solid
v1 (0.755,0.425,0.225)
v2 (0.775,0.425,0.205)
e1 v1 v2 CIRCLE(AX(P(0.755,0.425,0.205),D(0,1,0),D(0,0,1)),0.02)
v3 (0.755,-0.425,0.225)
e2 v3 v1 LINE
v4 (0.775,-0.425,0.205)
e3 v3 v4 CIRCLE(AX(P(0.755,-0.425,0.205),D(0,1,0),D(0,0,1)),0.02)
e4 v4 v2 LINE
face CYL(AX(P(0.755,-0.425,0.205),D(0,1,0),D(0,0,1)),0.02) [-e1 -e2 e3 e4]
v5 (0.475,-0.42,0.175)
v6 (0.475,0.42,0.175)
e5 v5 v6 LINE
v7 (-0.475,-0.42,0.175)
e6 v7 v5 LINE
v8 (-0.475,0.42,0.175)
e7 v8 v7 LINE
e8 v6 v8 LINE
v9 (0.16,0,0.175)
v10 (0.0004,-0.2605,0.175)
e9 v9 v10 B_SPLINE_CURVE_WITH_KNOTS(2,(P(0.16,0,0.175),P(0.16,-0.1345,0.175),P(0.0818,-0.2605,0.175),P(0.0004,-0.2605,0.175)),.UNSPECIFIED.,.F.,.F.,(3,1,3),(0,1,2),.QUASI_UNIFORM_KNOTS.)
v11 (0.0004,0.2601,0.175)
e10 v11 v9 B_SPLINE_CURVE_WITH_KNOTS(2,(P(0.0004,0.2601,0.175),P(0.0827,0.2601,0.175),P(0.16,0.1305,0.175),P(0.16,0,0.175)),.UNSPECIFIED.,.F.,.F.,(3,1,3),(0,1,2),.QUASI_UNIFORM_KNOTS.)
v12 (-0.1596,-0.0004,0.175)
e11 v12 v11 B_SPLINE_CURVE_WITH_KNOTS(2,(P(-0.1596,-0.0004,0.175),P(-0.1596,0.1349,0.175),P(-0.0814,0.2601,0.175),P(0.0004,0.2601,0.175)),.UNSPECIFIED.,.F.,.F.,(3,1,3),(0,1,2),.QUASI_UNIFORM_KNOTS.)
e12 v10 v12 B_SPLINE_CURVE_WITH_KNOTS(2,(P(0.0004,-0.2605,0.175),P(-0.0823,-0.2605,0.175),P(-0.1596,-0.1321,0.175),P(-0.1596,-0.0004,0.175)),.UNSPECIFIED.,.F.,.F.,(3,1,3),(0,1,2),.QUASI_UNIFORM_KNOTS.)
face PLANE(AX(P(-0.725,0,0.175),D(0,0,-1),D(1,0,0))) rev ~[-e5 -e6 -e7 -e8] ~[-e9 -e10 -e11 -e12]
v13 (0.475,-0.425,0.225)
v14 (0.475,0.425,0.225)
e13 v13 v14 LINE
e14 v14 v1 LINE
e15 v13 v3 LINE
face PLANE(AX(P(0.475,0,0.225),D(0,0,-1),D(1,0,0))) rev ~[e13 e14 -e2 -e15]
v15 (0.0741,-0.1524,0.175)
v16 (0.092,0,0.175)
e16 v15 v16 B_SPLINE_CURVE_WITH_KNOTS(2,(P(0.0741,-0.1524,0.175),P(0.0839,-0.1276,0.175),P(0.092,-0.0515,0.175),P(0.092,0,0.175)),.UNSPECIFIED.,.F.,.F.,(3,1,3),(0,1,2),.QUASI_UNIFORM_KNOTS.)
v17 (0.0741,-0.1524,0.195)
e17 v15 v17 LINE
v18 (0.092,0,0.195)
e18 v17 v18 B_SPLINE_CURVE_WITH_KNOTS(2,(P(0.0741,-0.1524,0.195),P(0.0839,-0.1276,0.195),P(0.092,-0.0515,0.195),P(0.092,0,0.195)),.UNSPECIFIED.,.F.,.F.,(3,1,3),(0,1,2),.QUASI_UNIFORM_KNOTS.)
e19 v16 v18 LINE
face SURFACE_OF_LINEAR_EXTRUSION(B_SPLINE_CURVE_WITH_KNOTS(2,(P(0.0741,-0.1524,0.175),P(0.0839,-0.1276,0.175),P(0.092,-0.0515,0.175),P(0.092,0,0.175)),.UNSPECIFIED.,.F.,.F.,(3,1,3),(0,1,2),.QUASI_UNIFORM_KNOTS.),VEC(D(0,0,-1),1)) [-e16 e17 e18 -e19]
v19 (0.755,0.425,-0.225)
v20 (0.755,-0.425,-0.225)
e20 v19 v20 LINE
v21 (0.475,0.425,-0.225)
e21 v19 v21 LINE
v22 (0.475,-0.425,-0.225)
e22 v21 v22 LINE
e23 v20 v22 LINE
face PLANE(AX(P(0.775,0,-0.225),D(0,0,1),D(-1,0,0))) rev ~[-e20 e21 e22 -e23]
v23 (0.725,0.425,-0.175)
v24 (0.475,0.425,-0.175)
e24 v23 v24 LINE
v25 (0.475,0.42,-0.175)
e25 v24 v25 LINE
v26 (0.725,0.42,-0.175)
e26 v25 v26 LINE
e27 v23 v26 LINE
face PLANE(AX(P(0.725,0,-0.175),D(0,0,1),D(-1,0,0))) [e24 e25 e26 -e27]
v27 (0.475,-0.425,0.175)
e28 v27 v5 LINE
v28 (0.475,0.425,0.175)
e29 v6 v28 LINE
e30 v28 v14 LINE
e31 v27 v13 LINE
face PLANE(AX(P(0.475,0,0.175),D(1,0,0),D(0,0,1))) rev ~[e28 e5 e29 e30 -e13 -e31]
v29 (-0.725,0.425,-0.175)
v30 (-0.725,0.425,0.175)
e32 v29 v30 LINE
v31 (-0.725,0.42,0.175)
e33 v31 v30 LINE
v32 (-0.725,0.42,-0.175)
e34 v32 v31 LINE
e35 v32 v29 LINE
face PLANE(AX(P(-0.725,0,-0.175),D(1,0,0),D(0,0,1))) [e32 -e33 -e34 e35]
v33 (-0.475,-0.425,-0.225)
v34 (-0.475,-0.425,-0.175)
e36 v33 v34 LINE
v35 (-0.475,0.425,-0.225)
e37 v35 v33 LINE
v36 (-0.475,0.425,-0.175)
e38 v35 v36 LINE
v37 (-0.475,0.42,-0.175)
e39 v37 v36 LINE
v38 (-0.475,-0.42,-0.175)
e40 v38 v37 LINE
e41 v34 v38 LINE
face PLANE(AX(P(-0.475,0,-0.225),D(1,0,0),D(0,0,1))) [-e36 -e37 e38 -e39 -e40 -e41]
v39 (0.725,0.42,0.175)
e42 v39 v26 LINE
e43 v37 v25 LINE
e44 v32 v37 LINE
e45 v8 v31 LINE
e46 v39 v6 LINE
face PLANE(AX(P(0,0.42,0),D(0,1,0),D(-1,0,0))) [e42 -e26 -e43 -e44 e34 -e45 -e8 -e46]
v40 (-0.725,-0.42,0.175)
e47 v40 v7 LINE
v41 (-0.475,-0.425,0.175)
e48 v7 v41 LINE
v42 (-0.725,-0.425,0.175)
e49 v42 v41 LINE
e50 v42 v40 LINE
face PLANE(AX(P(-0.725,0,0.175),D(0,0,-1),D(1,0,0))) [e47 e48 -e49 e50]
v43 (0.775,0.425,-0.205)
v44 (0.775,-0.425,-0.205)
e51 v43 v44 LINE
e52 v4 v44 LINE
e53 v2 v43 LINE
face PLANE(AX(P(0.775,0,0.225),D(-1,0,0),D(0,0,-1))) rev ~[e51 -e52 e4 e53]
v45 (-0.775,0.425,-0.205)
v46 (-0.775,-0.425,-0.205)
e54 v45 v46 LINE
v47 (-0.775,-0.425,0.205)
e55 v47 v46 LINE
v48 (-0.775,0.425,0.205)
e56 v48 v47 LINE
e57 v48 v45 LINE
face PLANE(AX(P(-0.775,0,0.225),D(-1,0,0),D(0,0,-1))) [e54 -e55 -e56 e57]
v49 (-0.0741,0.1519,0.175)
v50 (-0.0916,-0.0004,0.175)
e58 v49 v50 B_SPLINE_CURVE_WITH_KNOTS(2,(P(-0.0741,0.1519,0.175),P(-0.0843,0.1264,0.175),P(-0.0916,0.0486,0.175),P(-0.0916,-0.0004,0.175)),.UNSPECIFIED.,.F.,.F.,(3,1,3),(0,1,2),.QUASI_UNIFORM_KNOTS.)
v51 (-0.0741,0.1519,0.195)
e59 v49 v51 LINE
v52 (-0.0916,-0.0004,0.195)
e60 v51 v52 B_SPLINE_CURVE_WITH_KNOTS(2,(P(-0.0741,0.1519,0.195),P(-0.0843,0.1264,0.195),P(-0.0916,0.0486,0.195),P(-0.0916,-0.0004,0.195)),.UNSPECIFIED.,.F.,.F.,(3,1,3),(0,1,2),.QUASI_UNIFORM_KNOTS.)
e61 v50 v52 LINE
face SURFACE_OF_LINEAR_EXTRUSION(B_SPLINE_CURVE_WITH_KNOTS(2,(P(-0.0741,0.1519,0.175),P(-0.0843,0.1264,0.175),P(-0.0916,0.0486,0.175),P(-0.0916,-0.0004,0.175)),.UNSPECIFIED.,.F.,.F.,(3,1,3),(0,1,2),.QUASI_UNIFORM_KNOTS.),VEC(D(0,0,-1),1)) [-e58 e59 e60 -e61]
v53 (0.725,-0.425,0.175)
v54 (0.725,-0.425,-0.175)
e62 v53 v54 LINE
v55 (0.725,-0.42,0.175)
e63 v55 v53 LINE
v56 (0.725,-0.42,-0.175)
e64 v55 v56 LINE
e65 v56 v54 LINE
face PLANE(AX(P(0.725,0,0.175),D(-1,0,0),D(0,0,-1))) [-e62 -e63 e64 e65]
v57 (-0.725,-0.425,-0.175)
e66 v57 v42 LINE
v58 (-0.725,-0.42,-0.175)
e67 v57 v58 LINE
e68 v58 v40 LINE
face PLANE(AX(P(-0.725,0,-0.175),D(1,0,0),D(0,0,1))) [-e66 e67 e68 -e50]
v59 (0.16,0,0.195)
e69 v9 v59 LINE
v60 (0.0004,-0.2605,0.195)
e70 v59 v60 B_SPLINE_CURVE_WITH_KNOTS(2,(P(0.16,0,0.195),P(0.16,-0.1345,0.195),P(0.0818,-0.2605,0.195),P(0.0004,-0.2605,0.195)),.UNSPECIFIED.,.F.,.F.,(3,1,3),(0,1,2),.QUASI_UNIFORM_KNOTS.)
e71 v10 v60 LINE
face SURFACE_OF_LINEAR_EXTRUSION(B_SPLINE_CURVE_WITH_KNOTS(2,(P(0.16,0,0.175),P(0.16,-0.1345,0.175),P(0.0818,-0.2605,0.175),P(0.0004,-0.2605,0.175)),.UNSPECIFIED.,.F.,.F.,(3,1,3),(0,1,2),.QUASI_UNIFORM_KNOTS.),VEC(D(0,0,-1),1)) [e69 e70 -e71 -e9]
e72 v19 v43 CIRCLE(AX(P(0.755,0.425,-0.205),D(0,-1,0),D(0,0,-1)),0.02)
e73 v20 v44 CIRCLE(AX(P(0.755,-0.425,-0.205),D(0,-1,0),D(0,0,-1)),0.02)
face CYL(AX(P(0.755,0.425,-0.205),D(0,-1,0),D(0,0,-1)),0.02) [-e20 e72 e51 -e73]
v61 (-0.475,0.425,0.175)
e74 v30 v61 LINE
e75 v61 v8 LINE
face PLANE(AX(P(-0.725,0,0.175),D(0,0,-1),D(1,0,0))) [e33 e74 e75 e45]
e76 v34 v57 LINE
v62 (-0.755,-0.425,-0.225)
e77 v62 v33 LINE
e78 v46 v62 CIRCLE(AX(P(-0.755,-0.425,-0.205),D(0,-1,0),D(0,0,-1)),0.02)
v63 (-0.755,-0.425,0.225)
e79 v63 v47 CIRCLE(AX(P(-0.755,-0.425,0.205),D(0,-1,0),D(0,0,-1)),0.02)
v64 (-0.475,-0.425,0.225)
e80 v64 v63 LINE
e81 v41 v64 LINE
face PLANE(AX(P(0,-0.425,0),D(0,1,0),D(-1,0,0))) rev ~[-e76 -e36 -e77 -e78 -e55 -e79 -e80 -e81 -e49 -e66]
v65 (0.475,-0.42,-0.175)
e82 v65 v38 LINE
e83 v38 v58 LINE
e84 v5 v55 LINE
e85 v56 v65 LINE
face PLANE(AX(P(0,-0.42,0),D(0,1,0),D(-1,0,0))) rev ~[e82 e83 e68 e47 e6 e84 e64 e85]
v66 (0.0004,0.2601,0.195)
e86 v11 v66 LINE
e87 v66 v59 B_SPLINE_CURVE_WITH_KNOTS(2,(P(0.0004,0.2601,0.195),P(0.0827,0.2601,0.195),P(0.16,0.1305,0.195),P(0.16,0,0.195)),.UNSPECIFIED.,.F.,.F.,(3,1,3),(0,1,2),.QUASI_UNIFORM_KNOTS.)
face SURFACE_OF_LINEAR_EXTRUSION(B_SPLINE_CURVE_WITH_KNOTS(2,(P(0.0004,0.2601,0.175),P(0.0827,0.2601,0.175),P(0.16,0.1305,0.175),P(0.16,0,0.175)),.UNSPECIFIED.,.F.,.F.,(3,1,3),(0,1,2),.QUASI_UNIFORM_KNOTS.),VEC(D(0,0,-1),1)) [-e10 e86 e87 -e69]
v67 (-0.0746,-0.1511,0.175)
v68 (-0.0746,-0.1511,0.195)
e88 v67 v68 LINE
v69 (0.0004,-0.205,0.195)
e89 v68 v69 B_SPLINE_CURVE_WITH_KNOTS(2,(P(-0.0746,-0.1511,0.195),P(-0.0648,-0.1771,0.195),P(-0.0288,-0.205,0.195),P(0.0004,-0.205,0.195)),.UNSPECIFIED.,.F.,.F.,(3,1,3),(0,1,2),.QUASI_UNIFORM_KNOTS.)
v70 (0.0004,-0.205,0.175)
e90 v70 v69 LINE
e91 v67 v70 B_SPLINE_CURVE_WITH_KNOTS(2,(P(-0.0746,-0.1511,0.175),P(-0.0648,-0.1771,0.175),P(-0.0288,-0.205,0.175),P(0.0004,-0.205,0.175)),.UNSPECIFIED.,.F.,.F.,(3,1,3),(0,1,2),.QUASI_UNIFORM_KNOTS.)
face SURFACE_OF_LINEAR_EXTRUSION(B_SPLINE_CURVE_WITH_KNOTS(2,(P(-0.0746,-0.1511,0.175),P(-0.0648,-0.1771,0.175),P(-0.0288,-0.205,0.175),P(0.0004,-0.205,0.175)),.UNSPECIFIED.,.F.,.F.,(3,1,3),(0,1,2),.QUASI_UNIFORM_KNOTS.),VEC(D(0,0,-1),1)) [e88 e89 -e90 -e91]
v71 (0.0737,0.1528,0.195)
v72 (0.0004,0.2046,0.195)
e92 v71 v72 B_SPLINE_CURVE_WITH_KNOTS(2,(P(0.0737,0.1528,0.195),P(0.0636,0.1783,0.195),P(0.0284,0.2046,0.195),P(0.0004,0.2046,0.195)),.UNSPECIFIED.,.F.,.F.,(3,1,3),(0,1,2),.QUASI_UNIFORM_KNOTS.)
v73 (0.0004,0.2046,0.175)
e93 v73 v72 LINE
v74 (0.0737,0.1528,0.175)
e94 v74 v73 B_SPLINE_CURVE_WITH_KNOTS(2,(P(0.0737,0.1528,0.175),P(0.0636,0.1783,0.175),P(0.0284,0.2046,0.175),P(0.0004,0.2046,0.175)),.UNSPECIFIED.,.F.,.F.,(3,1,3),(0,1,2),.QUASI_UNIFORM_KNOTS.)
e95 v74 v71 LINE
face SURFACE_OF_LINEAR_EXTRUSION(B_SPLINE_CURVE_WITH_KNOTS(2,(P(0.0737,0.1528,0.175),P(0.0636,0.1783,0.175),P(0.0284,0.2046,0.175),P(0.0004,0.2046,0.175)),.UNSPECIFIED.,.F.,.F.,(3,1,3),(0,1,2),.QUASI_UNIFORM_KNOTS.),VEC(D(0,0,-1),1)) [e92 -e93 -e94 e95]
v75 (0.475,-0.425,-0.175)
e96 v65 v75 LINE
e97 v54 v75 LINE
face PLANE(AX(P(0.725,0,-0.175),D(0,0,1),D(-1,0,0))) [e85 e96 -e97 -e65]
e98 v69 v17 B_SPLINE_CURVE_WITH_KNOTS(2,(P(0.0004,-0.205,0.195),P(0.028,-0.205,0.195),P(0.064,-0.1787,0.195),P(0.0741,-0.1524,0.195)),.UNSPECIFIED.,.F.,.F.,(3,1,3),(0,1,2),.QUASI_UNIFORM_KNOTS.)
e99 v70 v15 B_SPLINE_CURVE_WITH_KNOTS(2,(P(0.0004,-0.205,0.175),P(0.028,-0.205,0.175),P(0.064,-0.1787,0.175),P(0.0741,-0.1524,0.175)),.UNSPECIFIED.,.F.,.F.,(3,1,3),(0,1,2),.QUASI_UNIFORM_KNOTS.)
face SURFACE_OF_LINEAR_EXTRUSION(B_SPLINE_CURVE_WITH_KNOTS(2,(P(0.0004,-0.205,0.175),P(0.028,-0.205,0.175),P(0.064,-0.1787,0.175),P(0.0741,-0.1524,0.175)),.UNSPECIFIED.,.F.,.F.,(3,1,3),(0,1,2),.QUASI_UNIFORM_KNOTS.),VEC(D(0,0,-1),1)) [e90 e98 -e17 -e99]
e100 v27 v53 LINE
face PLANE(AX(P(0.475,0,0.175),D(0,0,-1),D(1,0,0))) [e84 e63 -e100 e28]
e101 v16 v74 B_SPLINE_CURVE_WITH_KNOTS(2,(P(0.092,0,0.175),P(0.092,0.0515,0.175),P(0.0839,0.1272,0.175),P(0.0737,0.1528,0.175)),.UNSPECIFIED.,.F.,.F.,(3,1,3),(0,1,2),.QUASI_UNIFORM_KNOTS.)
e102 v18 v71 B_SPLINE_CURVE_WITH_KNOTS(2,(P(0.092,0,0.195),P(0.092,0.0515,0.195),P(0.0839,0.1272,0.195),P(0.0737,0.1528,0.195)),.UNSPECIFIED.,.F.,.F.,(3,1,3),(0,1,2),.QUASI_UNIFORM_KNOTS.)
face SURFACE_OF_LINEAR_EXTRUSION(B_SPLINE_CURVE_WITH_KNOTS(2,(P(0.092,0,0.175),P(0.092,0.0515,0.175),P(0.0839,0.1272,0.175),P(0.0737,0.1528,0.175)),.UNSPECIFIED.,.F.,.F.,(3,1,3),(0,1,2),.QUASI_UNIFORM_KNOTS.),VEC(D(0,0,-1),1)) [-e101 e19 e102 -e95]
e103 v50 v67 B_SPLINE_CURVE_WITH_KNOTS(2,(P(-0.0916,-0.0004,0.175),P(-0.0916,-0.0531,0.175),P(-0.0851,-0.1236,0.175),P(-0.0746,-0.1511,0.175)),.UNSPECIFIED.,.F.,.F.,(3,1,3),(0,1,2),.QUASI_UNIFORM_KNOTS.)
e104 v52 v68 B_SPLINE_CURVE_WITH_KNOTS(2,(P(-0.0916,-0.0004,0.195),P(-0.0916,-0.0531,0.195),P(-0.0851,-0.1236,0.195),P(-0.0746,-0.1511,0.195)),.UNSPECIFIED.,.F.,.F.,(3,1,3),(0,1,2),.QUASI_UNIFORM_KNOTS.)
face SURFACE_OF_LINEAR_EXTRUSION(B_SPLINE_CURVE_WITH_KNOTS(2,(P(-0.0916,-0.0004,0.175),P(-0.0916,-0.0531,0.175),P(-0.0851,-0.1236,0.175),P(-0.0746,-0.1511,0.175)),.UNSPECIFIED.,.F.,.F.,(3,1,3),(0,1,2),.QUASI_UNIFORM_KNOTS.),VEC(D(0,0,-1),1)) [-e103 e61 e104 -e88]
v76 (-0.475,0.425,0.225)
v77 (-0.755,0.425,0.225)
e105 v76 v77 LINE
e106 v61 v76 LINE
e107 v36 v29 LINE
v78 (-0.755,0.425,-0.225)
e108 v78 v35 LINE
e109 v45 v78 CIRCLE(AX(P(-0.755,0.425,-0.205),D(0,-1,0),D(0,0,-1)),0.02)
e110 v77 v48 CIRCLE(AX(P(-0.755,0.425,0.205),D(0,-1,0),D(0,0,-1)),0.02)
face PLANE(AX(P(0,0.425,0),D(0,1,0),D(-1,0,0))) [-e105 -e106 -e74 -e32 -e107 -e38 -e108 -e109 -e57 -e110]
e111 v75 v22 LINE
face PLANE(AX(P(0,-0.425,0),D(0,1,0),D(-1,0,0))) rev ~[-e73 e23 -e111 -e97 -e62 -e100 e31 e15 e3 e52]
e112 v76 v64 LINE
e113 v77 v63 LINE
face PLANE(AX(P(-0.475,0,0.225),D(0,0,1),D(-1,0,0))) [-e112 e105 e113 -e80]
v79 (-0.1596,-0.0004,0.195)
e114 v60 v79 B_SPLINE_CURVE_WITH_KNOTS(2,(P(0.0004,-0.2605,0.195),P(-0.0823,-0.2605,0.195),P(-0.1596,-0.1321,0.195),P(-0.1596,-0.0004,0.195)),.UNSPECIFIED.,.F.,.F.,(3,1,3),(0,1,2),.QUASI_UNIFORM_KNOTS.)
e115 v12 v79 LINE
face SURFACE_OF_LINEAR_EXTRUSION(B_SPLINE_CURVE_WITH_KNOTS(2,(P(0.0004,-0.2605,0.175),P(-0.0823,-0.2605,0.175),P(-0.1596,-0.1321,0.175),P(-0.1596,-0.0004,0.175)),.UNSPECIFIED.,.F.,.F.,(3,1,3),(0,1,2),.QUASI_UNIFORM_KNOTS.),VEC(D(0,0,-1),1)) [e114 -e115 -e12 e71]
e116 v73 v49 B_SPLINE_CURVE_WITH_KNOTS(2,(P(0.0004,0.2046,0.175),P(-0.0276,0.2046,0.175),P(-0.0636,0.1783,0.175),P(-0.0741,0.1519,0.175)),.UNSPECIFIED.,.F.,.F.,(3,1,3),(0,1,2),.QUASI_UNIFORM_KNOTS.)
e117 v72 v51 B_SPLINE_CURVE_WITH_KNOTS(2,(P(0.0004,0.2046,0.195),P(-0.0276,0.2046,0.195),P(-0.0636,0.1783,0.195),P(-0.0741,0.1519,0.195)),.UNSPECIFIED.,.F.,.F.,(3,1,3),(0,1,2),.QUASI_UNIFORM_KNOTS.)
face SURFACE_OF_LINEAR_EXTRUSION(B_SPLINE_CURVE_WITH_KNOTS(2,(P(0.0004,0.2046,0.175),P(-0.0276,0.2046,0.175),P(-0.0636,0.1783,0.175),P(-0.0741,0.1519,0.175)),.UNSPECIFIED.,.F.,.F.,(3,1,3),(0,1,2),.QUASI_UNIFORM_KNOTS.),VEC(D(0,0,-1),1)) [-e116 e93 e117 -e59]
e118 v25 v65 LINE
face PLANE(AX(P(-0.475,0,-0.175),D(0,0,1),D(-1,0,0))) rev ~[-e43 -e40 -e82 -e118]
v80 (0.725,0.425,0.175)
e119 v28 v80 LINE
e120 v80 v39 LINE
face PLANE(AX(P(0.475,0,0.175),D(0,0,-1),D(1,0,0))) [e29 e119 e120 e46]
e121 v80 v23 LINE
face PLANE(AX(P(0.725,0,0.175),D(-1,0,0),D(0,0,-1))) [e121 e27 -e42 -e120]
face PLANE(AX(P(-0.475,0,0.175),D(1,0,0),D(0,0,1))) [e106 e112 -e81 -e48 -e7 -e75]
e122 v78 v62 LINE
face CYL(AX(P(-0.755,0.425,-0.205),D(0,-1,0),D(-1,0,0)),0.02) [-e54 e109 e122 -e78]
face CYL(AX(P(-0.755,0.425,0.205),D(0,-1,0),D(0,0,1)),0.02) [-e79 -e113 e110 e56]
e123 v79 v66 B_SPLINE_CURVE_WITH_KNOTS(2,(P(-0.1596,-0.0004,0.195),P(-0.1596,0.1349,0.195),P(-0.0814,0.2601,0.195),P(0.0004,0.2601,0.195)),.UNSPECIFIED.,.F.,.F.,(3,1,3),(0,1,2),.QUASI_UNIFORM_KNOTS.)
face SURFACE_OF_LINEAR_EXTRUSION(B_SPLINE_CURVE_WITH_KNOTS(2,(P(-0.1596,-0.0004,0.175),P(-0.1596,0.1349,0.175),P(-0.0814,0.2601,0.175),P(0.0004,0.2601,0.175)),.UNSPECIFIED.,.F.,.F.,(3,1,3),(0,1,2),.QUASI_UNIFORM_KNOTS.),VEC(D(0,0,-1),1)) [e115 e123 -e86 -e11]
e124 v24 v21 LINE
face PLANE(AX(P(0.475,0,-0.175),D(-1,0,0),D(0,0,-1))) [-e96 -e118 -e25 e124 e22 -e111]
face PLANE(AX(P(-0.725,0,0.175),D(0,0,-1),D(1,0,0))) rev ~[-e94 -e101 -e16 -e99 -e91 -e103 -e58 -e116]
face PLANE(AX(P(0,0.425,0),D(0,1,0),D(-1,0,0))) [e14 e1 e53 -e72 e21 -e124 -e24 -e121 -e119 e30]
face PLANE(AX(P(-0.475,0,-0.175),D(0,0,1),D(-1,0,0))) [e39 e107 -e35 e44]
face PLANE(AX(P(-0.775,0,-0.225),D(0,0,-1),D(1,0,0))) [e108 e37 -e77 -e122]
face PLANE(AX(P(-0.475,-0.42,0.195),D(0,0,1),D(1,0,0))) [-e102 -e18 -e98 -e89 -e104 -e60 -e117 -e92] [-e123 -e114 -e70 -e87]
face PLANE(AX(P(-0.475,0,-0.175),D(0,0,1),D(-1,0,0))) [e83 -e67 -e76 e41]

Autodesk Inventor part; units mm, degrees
ref_plane "YZ Plane" through (0, 0, 0) normal (1, 0, 0) x (0, 1, 0)
ref_plane "XZ Plane" through (0, 0, 0) normal (0, 1, 0) x (-1, 0, 0)
ref_plane "XY Plane" through (0, 0, 0) normal (0, 0, 1) x (1, 0, 0)
sketch "Sketch1" plane through (0, 0, 0) normal (0, 1, 0) x (-1, 0, 0)
  line L0 (0.725, 0.175) -> (-0.725, 0.175)
  line L1 (-0.725, 0.175) -> (-0.725, -0.175)
  line L2 (-0.725, -0.175) -> (0.725, -0.175)
  line L3 (0.725, -0.175) -> (0.725, 0.175)
  line L4 (0.475, 0.175) -> (0.475, 0.225)
  line L5 (0.475, 0.225) -> (0.775, 0.225)
  line L6 (0.775, 0.225) -> (0.775, -0.225)
  line L7 (0.775, -0.225) -> (0.475, -0.225)
  line L8 (0.475, -0.225) -> (0.475, -0.175)
  line L9 (-0.475, 0.175) -> (-0.475, 0.225)
  line L10 (-0.475, 0.225) -> (-0.775, 0.225)
  line L11 (-0.775, 0.225) -> (-0.775, -0.225)
  line L12 (-0.775, -0.225) -> (-0.475, -0.225)
  line L13 (-0.475, -0.175) -> (-0.475, -0.225)
  line L14 (0.475, 0.175) -> (-0.475, 0.175)
  point P0 (0, 0)
  point P1 (0, 0.175)
  point P2 (0.725, 0)
  dimension "d0" = 1.55
  dimension "d1" = 0.05
  dimension "d2" = 0.05
  dimension "d3" = 0.45
  dimension "d4" = 0.3
extrude "Extrusion1" add sketch "Sketch1" along normal mid plane 0.85 contours L0 L4 L5 L6 L7 L8 L2 L3 | L0 L1 L2 L13 L12 L11 L10 L9
extrude "Extrusion2" add sketch "Sketch1" along normal mid plane 0.84 contours L3 L2 L1 L0
sketch "Sketch2" plane through (-0.475, -0.42, 0.175) normal (0, 0, 1) x (1, 0, 0)
  line L0 (0, 0) -> (0, 0.84) projected
  line L1 (0.95, 0) -> (0, 0) projected
  line L2 (0.95, 0) -> (0.95, 0.84) projected
  line L3 (0, 0.84) -> (0.95, 0.84) projected
  line L4 (0, 0.42) -> (0.95, 0.42) construction
  spline S0 degree 2 poles (0.635, 0.42) (0.635, 0.2855) (0.5568, 0.1595) (0.4754, 0.1595) knots 0 0 0 1 2 2 2
  spline S1 degree 2 poles (0.4754, 0.1595) (0.3927, 0.1595) (0.3154, 0.2879) (0.3154, 0.4196) knots 0 0 0 1 2 2 2
  spline S2 degree 2 poles (0.3154, 0.4196) (0.3154, 0.5549) (0.3936, 0.6801) (0.4754, 0.6801) knots 0 0 0 1 2 2 2
  spline S3 degree 2 poles (0.4754, 0.6801) (0.5577, 0.6801) (0.635, 0.5505) (0.635, 0.42) knots 0 0 0 1 2 2 2
  spline S4 degree 2 poles (0.5491, 0.2676) (0.5589, 0.2924) (0.567, 0.3685) (0.567, 0.42) knots 0 0 0 1 2 2 2
  spline S5 degree 2 poles (0.567, 0.42) (0.567, 0.4715) (0.5589, 0.5472) (0.5487, 0.5728) knots 0 0 0 1 2 2 2
  spline S6 degree 2 poles (0.5487, 0.5728) (0.5386, 0.5983) (0.5034, 0.6246) (0.4754, 0.6246) knots 0 0 0 1 2 2 2
  spline S7 degree 2 poles (0.4754, 0.6246) (0.4474, 0.6246) (0.4114, 0.5983) (0.4009, 0.5719) knots 0 0 0 1 2 2 2
  spline S8 degree 2 poles (0.4009, 0.5719) (0.3907, 0.5464) (0.3834, 0.4686) (0.3834, 0.4196) knots 0 0 0 1 2 2 2
  spline S9 degree 2 poles (0.3834, 0.4196) (0.3834, 0.3669) (0.3899, 0.2964) (0.4004, 0.2689) knots 0 0 0 1 2 2 2
  spline S10 degree 2 poles (0.4004, 0.2689) (0.4102, 0.2429) (0.4462, 0.215) (0.4754, 0.215) knots 0 0 0 1 2 2 2
  spline S11 degree 2 poles (0.4754, 0.215) (0.503, 0.215) (0.539, 0.2413) (0.5491, 0.2676) knots 0 0 0 1 2 2 2
  point P0 (0.475, 0.42)
extrude "Extrusion3" add sketch "Sketch2" along normal blind 0.02 contours S0 S1 S2 S3
fillet "Fillet1" radius 0.02 4 edges at (-0.775, 0, 0.225) (-0.775, 0, -0.225) (0.775, 0, 0.225) (0.775, 0, -0.225)
equation "\"d2\" = d1"
properties part number "21-1001" material "Copper"
